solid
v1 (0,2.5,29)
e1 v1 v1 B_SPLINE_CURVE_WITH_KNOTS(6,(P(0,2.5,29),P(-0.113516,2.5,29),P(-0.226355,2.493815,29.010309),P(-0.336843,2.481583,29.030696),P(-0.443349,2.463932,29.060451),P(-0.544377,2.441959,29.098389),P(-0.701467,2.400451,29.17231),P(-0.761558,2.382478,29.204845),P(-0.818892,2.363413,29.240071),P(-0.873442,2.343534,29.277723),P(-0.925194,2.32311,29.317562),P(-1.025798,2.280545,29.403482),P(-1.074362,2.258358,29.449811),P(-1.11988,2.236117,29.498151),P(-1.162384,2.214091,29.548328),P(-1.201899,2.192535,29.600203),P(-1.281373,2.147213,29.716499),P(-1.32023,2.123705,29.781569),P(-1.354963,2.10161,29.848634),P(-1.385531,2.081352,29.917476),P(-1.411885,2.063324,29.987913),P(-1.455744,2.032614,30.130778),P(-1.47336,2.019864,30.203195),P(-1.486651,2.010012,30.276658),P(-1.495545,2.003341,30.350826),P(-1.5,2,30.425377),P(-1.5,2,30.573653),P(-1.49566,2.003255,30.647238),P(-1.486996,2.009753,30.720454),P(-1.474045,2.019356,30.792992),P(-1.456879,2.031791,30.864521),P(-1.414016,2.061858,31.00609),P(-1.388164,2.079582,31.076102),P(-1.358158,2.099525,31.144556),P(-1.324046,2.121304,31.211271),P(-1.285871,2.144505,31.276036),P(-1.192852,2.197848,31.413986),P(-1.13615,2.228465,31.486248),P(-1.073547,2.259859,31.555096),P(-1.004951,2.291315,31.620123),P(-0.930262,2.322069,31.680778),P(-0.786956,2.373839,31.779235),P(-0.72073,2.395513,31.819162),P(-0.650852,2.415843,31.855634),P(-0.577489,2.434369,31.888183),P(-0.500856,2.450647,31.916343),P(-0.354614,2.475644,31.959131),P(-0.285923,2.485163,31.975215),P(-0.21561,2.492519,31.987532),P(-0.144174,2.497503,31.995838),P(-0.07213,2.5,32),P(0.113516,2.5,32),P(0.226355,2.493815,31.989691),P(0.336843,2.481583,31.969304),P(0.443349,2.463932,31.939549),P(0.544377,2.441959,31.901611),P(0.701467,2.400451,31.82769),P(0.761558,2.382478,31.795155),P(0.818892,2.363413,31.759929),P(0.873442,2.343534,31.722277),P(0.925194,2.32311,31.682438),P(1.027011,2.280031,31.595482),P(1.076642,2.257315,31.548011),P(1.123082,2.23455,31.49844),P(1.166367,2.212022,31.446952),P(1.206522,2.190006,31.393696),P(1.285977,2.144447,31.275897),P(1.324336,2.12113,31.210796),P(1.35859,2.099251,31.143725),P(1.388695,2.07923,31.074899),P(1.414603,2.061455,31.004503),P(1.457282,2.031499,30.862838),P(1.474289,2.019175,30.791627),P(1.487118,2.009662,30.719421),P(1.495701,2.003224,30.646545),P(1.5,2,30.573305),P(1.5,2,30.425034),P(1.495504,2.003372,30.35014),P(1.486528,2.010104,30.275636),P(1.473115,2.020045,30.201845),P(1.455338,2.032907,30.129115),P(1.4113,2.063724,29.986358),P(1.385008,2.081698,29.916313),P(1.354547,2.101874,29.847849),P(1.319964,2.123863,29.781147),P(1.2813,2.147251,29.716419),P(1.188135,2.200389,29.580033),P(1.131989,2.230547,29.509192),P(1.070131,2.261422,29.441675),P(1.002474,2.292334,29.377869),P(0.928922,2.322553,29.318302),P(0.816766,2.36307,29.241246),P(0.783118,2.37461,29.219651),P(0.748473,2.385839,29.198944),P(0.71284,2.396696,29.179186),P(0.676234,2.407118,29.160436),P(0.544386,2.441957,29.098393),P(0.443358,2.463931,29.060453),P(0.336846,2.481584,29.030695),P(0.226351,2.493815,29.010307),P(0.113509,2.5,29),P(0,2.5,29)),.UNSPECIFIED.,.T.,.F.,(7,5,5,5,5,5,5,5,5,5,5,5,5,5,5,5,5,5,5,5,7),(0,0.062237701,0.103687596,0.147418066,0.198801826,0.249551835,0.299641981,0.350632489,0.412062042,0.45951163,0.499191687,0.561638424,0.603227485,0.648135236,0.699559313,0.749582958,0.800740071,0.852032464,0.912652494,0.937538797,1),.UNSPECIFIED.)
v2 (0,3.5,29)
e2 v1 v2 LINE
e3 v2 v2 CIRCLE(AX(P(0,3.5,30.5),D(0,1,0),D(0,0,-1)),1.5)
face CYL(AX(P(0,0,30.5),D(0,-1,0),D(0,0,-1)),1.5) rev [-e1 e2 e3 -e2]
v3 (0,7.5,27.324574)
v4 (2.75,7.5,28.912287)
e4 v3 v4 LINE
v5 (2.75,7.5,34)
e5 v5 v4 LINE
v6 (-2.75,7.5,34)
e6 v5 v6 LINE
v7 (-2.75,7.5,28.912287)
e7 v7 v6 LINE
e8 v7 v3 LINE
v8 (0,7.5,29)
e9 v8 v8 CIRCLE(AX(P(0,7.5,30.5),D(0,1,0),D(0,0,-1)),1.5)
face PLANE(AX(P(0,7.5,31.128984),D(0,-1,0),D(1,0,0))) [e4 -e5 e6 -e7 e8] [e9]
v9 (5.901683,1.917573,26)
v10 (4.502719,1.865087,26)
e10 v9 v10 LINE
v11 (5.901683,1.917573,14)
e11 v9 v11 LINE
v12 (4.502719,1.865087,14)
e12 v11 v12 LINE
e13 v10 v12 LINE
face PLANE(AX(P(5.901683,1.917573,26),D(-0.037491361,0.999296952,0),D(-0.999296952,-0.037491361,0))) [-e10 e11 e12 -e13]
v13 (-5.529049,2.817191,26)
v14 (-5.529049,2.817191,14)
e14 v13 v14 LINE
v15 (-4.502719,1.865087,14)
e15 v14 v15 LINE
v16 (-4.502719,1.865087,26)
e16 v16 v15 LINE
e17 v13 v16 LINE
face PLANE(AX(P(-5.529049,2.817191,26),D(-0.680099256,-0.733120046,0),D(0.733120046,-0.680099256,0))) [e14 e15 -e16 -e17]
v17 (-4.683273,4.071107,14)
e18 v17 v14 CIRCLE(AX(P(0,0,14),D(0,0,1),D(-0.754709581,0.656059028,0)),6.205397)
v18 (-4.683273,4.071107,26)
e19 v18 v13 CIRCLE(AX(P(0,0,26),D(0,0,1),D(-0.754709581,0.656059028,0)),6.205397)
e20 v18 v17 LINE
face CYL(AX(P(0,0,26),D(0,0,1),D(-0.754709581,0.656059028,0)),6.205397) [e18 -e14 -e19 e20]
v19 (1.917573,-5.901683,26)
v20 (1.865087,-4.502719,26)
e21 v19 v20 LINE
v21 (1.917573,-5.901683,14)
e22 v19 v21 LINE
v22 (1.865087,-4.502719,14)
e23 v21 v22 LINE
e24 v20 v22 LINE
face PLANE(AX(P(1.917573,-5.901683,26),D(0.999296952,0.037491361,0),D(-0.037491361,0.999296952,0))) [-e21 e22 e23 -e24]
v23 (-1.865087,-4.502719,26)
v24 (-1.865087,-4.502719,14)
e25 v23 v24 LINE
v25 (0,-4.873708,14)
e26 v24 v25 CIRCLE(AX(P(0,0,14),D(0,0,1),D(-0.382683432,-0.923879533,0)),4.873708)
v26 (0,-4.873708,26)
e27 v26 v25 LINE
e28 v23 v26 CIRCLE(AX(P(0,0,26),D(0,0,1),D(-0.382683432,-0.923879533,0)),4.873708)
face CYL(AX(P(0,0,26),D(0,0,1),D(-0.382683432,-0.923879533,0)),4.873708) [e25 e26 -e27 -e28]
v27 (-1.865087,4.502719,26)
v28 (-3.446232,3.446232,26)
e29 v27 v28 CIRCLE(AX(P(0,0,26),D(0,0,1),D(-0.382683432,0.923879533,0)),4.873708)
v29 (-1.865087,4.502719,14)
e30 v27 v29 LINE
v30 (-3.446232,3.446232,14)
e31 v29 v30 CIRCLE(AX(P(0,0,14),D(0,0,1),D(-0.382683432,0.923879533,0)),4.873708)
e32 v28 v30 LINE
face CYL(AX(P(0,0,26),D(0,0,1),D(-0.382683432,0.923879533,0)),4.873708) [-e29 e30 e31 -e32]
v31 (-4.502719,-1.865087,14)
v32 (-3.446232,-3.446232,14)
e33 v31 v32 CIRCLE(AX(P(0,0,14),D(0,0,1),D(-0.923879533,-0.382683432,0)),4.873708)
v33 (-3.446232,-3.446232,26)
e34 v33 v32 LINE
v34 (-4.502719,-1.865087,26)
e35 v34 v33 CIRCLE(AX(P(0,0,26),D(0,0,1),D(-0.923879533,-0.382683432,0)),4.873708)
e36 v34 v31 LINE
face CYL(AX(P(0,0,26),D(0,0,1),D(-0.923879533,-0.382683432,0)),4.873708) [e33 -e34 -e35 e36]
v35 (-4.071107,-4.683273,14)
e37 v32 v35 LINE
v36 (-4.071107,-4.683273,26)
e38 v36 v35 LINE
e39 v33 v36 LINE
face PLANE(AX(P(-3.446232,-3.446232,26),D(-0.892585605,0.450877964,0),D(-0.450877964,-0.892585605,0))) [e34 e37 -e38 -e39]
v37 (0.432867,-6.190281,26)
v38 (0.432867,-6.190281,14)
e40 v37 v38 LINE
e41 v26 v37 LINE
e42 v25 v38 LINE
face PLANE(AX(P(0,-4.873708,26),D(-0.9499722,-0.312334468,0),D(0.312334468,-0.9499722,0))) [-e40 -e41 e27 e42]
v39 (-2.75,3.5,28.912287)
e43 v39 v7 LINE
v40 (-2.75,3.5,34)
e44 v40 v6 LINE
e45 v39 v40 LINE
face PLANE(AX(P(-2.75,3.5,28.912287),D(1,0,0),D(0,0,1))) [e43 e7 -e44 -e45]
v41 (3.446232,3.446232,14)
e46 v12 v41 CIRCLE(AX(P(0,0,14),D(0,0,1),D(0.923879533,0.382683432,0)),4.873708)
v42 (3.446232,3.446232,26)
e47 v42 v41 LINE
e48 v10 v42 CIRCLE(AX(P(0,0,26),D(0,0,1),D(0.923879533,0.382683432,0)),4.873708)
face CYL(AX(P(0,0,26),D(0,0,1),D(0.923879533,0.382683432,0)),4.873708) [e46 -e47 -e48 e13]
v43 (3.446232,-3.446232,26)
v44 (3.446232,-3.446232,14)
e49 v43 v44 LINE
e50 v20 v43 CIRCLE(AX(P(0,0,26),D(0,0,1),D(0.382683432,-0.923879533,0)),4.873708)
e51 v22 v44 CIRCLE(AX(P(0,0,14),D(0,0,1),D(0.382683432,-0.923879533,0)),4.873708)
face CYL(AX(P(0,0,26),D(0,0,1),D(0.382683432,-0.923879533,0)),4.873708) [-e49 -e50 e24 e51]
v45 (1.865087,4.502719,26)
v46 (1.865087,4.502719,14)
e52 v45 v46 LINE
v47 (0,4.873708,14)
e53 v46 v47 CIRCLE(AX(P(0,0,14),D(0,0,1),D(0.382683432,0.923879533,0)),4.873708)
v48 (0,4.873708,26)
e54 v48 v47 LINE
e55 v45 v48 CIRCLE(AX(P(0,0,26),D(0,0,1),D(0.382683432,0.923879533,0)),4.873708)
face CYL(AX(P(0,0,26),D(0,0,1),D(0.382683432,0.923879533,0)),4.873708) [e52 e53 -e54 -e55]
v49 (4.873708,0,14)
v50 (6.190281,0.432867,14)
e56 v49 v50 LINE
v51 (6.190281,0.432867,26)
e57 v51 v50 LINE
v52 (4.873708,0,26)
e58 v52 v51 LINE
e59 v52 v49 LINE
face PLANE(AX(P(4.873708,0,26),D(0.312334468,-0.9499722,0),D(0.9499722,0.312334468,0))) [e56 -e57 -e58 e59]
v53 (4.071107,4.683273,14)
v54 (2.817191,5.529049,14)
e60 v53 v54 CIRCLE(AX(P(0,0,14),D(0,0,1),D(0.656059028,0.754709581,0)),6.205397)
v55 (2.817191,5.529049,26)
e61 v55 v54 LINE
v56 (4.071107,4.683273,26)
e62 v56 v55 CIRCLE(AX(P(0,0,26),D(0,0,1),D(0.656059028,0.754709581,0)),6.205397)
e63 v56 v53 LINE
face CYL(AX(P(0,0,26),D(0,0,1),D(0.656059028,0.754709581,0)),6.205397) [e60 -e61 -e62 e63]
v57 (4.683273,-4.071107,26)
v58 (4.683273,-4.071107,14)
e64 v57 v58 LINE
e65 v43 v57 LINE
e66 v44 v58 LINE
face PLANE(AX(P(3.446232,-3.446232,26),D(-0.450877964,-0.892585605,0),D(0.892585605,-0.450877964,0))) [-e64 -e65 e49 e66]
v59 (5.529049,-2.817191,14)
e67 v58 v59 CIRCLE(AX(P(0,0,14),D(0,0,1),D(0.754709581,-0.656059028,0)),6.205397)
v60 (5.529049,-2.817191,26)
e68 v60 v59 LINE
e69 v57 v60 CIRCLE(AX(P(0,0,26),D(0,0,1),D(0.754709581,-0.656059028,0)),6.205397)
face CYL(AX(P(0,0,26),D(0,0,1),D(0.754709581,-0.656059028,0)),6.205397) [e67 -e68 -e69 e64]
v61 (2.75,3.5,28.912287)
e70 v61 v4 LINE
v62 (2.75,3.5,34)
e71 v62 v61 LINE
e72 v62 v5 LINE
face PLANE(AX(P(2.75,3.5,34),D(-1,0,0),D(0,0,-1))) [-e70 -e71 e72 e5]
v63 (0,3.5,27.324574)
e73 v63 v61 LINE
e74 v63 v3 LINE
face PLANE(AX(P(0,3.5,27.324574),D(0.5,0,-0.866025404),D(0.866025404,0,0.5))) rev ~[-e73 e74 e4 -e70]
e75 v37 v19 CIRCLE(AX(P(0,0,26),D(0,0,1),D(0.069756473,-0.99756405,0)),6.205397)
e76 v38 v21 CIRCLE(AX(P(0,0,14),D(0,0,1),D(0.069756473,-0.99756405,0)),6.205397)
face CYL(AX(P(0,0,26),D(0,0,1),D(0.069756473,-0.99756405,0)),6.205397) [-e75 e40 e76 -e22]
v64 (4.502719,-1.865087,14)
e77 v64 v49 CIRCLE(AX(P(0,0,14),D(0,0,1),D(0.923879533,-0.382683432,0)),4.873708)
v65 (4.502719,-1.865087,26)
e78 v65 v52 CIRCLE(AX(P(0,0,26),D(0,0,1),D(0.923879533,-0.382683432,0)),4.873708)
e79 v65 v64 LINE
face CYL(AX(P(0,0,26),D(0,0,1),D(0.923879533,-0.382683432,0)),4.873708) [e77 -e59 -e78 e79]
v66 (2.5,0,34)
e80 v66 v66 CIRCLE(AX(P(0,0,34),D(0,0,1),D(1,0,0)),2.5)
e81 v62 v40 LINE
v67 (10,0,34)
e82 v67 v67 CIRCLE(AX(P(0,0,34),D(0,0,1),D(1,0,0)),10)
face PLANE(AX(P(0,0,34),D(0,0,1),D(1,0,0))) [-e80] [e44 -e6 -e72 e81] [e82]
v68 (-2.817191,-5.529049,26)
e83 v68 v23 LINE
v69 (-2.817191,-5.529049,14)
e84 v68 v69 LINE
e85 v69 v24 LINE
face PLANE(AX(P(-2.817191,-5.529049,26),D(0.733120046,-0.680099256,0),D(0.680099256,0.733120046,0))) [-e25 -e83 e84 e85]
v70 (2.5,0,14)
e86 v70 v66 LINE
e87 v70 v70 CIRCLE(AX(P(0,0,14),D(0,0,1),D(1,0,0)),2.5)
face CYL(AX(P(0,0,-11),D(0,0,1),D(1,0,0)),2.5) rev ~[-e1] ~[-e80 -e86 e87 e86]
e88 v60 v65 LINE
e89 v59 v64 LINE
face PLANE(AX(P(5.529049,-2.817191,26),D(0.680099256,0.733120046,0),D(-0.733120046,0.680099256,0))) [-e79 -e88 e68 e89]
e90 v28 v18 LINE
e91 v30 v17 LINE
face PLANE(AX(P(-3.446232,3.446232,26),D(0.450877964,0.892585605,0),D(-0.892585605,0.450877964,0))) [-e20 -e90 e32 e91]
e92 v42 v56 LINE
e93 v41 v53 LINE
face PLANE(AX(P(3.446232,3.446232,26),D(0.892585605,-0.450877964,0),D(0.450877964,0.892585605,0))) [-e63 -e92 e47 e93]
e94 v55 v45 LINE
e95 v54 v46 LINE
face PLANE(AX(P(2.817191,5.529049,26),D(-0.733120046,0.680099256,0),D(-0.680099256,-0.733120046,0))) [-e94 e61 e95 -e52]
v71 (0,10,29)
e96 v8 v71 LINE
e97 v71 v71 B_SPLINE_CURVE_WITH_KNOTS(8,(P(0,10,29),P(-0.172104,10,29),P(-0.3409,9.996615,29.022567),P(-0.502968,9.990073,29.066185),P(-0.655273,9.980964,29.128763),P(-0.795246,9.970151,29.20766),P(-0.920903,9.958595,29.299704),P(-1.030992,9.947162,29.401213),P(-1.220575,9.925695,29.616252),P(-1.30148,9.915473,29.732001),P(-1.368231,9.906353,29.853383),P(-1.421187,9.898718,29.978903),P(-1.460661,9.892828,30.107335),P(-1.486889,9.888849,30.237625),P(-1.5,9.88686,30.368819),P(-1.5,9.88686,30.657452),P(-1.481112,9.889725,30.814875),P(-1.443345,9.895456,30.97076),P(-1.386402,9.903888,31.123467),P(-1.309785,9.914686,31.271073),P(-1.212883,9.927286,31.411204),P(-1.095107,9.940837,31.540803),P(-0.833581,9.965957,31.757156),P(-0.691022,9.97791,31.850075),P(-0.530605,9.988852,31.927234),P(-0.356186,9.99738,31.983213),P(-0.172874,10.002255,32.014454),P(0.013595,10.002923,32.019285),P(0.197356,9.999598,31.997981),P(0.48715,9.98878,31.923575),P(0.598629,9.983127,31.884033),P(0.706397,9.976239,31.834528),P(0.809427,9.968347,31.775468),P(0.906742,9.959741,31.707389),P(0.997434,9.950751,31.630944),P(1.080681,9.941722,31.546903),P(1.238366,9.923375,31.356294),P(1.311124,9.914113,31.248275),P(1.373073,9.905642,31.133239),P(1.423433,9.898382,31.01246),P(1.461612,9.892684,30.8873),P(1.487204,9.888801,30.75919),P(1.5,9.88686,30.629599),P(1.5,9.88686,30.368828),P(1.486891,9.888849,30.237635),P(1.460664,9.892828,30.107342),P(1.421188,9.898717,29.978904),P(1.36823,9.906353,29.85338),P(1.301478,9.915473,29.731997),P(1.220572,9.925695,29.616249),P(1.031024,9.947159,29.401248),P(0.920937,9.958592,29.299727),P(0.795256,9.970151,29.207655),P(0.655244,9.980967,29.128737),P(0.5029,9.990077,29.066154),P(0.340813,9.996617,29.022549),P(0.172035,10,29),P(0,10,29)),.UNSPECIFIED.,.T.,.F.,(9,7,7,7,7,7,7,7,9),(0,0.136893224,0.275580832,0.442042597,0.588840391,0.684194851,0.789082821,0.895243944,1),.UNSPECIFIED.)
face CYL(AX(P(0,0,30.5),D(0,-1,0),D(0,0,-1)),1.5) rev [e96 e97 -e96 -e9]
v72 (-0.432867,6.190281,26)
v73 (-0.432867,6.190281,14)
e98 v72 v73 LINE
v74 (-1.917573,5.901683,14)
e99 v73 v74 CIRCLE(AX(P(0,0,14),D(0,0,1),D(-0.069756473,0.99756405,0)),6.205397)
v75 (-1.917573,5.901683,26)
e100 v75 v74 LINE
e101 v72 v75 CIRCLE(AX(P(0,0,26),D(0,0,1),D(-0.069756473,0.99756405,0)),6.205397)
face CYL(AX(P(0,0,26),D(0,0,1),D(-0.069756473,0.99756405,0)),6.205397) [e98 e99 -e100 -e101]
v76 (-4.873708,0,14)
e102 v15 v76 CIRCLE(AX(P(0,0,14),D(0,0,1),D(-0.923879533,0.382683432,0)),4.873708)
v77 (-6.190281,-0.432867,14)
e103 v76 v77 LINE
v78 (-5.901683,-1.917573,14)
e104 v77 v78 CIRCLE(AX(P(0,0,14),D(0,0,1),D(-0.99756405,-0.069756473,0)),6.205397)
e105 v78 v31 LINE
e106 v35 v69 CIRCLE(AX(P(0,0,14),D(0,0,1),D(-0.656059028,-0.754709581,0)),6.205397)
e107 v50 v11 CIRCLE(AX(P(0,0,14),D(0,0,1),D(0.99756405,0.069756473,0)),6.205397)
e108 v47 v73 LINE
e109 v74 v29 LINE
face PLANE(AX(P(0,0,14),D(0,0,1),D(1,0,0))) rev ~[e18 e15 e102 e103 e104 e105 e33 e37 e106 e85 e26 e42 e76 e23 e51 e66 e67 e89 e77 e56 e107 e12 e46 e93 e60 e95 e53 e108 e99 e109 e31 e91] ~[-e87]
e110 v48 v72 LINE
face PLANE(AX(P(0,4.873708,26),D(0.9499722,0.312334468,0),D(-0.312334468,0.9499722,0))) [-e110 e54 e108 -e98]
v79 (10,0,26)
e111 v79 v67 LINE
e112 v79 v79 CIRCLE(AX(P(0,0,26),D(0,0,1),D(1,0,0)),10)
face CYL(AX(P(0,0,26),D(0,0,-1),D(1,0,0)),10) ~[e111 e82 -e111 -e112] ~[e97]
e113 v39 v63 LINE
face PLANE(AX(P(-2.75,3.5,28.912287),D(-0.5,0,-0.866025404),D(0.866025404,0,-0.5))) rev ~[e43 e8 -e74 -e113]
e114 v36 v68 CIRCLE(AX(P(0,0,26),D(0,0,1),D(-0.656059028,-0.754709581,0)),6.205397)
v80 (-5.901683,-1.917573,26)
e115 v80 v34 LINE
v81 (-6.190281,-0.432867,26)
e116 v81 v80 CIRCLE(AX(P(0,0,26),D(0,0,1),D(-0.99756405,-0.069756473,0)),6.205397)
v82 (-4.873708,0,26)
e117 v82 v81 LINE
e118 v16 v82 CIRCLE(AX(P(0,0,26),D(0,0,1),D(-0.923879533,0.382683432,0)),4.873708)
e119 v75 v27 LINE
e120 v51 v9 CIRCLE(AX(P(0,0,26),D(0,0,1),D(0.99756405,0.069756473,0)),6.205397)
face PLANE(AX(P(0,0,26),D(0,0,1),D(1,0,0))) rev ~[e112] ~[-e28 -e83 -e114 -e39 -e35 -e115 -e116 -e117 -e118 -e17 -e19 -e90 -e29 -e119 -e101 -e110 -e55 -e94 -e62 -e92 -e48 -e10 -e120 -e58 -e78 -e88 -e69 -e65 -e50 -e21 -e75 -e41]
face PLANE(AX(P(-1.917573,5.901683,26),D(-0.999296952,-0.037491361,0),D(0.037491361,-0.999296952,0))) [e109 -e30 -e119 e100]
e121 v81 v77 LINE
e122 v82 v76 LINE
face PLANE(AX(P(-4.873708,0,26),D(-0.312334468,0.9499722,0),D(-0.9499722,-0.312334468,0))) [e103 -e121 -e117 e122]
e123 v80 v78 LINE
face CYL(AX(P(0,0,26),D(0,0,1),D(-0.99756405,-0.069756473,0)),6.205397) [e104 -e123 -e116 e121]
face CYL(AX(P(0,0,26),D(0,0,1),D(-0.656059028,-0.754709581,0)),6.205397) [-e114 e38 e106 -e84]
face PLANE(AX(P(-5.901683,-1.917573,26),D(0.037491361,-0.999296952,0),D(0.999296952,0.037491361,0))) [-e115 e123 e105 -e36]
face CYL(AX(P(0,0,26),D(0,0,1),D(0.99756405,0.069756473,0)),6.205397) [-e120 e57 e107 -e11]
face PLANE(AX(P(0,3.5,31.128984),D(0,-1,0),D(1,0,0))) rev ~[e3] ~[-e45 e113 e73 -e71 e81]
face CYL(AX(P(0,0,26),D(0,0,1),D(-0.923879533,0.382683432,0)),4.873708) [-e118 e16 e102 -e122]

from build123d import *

# Parameters (mm, degrees)
BOSS_EXTRUDE1_DEPTH          = 12
SKETCH2_R                    = 10
BOSS_EXTRUDE2_DEPTH          = 8
F_5_0_5_DIAMETER_HOLE1_D     = 5
F_5_0_5_DIAMETER_HOLE1_DEPTH = 25
F_5_0_5_DIAMETER_HOLE1_TIP   = 1.502151548
SKETCH6_R                    = 1.5
CUT_EXTRUDE1_DEPTH           = 11
SKETCH8_R                    = 1.5
CUT_EXTRUDE2_DEPTH           = 4


with BuildPart() as part:
    # Sketch1 → Boss-Extrude1 (new body)
    with BuildSketch(Plane.XY.offset(26)):
        with BuildLine():
            Line((4.873707659, 0), (6.190281068, 0.43286662))
            ThreePointArc((6.190281068, 0.43286662), (6.091386481, 1.184045587), (5.901683351, 1.917573162))
            Line((5.901683351, 1.917573162), (4.502718754, 1.865087175))
            ThreePointArc((4.502718754, 1.865087175), (4.052339818, 2.7076869), (3.446231735, 3.446231735))
            Line((3.446231735, 3.446231735), (4.071106798, 4.683272643))
            ThreePointArc((4.071106798, 4.683272643), (3.470014023, 5.144507351), (2.817191332, 5.529049304))
            Line((2.817191332, 5.529049304), (1.865087175, 4.502718754))
            ThreePointArc((1.865087175, 4.502718754), (0.950813197, 4.780060733), (0, 4.873707659))
            Line((0, 4.873707659), (-0.43286662, 6.190281068))
            ThreePointArc((-0.43286662, 6.190281068), (-1.184045587, 6.091386481), (-1.917573162, 5.901683351))
            Line((-1.917573162, 5.901683351), (-1.865087175, 4.502718754))
            ThreePointArc((-1.865087175, 4.502718754), (-2.7076869, 4.052339818), (-3.446231735, 3.446231735))
            Line((-3.446231735, 3.446231735), (-4.683272643, 4.071106798))
            ThreePointArc((-4.683272643, 4.071106798), (-5.144507351, 3.470014023), (-5.529049304, 2.817191332))
            Line((-5.529049304, 2.817191332), (-4.502718754, 1.865087175))
            ThreePointArc((-4.502718754, 1.865087175), (-4.780060733, 0.950813197), (-4.873707659, 0))
            Line((-4.873707659, 0), (-6.190281068, -0.43286662))
            ThreePointArc((-6.190281068, -0.43286662), (-6.091386481, -1.184045587), (-5.901683351, -1.917573162))
            Line((-5.901683351, -1.917573162), (-4.502718754, -1.865087175))
            ThreePointArc((-4.502718754, -1.865087175), (-4.052339818, -2.7076869), (-3.446231735, -3.446231735))
            Line((-3.446231735, -3.446231735), (-4.071106798, -4.683272643))
            ThreePointArc((-4.071106798, -4.683272643), (-3.470014023, -5.144507351), (-2.817191332, -5.529049304))
            Line((-2.817191332, -5.529049304), (-1.865087175, -4.502718754))
            ThreePointArc((-1.865087175, -4.502718754), (-0.950813197, -4.780060733), (0, -4.873707659))
            Line((0, -4.873707659), (0.43286662, -6.190281068))
            ThreePointArc((0.43286662, -6.190281068), (1.184045587, -6.091386481), (1.917573162, -5.901683351))
            Line((1.917573162, -5.901683351), (1.865087175, -4.502718754))
            ThreePointArc((1.865087175, -4.502718754), (2.7076869, -4.052339818), (3.446231735, -3.446231735))
            Line((3.446231735, -3.446231735), (4.683272643, -4.071106798))
            ThreePointArc((4.683272643, -4.071106798), (5.144507351, -3.470014023), (5.529049304, -2.817191332))
            Line((5.529049304, -2.817191332), (4.502718754, -1.865087175))
            ThreePointArc((4.502718754, -1.865087175), (4.780060733, -0.950813197), (4.873707659, 0))
        make_face()
    extrude(amount=-BOSS_EXTRUDE1_DEPTH)

    # Sketch2 → Boss-Extrude2 (add)
    with BuildSketch(Plane.XY.offset(26)):
        Circle(SKETCH2_R)
    extrude(amount=BOSS_EXTRUDE2_DEPTH)

    # Ø5.0 (5) Diameter Hole1
    with Locations(Plane(origin=(0, 0, 14), x_dir=(-1, 0, 0), z_dir=(0, 0, -1))):
        with Locations((0, 0)):
            Hole(F_5_0_5_DIAMETER_HOLE1_D / 2, depth=F_5_0_5_DIAMETER_HOLE1_DEPTH)
            with Locations((0, 0, -(F_5_0_5_DIAMETER_HOLE1_DEPTH + F_5_0_5_DIAMETER_HOLE1_TIP / 2))):  # 118° drill point
                Cone(0, F_5_0_5_DIAMETER_HOLE1_D / 2, F_5_0_5_DIAMETER_HOLE1_TIP, mode=Mode.SUBTRACT)

    # Sketch6 → Cut-Extrude1 (cut)
    with BuildSketch(Plane(origin=(0, 0, 0), x_dir=(1, 0, 0), z_dir=(0, 1, 0))):
        with Locations(Location((0, -30.5, 0), (0, 0, 90))):
            Circle(SKETCH6_R)
    extrude(amount=CUT_EXTRUDE1_DEPTH, mode=Mode.SUBTRACT)

    # Sketch8 → Cut-Extrude2 (cut)
    with BuildSketch(Plane(origin=(0, 3.5, 0), x_dir=(-1, 0, 0), z_dir=(0, 1, 0))):
        Polygon((-2.75, 32.08771324), (-2.75, 34), (2.75, 34), (2.75, 32.08771324), (2.75, 28.91228676), (0, 27.324573519), (-2.75, 28.91228676), align=None)
        with Locations(Location((0, 30.5, 0), (0, 0, 270))):
            Circle(SKETCH8_R, mode=Mode.SUBTRACT)
    extrude(amount=CUT_EXTRUDE2_DEPTH, mode=Mode.SUBTRACT)


solid = part.part
